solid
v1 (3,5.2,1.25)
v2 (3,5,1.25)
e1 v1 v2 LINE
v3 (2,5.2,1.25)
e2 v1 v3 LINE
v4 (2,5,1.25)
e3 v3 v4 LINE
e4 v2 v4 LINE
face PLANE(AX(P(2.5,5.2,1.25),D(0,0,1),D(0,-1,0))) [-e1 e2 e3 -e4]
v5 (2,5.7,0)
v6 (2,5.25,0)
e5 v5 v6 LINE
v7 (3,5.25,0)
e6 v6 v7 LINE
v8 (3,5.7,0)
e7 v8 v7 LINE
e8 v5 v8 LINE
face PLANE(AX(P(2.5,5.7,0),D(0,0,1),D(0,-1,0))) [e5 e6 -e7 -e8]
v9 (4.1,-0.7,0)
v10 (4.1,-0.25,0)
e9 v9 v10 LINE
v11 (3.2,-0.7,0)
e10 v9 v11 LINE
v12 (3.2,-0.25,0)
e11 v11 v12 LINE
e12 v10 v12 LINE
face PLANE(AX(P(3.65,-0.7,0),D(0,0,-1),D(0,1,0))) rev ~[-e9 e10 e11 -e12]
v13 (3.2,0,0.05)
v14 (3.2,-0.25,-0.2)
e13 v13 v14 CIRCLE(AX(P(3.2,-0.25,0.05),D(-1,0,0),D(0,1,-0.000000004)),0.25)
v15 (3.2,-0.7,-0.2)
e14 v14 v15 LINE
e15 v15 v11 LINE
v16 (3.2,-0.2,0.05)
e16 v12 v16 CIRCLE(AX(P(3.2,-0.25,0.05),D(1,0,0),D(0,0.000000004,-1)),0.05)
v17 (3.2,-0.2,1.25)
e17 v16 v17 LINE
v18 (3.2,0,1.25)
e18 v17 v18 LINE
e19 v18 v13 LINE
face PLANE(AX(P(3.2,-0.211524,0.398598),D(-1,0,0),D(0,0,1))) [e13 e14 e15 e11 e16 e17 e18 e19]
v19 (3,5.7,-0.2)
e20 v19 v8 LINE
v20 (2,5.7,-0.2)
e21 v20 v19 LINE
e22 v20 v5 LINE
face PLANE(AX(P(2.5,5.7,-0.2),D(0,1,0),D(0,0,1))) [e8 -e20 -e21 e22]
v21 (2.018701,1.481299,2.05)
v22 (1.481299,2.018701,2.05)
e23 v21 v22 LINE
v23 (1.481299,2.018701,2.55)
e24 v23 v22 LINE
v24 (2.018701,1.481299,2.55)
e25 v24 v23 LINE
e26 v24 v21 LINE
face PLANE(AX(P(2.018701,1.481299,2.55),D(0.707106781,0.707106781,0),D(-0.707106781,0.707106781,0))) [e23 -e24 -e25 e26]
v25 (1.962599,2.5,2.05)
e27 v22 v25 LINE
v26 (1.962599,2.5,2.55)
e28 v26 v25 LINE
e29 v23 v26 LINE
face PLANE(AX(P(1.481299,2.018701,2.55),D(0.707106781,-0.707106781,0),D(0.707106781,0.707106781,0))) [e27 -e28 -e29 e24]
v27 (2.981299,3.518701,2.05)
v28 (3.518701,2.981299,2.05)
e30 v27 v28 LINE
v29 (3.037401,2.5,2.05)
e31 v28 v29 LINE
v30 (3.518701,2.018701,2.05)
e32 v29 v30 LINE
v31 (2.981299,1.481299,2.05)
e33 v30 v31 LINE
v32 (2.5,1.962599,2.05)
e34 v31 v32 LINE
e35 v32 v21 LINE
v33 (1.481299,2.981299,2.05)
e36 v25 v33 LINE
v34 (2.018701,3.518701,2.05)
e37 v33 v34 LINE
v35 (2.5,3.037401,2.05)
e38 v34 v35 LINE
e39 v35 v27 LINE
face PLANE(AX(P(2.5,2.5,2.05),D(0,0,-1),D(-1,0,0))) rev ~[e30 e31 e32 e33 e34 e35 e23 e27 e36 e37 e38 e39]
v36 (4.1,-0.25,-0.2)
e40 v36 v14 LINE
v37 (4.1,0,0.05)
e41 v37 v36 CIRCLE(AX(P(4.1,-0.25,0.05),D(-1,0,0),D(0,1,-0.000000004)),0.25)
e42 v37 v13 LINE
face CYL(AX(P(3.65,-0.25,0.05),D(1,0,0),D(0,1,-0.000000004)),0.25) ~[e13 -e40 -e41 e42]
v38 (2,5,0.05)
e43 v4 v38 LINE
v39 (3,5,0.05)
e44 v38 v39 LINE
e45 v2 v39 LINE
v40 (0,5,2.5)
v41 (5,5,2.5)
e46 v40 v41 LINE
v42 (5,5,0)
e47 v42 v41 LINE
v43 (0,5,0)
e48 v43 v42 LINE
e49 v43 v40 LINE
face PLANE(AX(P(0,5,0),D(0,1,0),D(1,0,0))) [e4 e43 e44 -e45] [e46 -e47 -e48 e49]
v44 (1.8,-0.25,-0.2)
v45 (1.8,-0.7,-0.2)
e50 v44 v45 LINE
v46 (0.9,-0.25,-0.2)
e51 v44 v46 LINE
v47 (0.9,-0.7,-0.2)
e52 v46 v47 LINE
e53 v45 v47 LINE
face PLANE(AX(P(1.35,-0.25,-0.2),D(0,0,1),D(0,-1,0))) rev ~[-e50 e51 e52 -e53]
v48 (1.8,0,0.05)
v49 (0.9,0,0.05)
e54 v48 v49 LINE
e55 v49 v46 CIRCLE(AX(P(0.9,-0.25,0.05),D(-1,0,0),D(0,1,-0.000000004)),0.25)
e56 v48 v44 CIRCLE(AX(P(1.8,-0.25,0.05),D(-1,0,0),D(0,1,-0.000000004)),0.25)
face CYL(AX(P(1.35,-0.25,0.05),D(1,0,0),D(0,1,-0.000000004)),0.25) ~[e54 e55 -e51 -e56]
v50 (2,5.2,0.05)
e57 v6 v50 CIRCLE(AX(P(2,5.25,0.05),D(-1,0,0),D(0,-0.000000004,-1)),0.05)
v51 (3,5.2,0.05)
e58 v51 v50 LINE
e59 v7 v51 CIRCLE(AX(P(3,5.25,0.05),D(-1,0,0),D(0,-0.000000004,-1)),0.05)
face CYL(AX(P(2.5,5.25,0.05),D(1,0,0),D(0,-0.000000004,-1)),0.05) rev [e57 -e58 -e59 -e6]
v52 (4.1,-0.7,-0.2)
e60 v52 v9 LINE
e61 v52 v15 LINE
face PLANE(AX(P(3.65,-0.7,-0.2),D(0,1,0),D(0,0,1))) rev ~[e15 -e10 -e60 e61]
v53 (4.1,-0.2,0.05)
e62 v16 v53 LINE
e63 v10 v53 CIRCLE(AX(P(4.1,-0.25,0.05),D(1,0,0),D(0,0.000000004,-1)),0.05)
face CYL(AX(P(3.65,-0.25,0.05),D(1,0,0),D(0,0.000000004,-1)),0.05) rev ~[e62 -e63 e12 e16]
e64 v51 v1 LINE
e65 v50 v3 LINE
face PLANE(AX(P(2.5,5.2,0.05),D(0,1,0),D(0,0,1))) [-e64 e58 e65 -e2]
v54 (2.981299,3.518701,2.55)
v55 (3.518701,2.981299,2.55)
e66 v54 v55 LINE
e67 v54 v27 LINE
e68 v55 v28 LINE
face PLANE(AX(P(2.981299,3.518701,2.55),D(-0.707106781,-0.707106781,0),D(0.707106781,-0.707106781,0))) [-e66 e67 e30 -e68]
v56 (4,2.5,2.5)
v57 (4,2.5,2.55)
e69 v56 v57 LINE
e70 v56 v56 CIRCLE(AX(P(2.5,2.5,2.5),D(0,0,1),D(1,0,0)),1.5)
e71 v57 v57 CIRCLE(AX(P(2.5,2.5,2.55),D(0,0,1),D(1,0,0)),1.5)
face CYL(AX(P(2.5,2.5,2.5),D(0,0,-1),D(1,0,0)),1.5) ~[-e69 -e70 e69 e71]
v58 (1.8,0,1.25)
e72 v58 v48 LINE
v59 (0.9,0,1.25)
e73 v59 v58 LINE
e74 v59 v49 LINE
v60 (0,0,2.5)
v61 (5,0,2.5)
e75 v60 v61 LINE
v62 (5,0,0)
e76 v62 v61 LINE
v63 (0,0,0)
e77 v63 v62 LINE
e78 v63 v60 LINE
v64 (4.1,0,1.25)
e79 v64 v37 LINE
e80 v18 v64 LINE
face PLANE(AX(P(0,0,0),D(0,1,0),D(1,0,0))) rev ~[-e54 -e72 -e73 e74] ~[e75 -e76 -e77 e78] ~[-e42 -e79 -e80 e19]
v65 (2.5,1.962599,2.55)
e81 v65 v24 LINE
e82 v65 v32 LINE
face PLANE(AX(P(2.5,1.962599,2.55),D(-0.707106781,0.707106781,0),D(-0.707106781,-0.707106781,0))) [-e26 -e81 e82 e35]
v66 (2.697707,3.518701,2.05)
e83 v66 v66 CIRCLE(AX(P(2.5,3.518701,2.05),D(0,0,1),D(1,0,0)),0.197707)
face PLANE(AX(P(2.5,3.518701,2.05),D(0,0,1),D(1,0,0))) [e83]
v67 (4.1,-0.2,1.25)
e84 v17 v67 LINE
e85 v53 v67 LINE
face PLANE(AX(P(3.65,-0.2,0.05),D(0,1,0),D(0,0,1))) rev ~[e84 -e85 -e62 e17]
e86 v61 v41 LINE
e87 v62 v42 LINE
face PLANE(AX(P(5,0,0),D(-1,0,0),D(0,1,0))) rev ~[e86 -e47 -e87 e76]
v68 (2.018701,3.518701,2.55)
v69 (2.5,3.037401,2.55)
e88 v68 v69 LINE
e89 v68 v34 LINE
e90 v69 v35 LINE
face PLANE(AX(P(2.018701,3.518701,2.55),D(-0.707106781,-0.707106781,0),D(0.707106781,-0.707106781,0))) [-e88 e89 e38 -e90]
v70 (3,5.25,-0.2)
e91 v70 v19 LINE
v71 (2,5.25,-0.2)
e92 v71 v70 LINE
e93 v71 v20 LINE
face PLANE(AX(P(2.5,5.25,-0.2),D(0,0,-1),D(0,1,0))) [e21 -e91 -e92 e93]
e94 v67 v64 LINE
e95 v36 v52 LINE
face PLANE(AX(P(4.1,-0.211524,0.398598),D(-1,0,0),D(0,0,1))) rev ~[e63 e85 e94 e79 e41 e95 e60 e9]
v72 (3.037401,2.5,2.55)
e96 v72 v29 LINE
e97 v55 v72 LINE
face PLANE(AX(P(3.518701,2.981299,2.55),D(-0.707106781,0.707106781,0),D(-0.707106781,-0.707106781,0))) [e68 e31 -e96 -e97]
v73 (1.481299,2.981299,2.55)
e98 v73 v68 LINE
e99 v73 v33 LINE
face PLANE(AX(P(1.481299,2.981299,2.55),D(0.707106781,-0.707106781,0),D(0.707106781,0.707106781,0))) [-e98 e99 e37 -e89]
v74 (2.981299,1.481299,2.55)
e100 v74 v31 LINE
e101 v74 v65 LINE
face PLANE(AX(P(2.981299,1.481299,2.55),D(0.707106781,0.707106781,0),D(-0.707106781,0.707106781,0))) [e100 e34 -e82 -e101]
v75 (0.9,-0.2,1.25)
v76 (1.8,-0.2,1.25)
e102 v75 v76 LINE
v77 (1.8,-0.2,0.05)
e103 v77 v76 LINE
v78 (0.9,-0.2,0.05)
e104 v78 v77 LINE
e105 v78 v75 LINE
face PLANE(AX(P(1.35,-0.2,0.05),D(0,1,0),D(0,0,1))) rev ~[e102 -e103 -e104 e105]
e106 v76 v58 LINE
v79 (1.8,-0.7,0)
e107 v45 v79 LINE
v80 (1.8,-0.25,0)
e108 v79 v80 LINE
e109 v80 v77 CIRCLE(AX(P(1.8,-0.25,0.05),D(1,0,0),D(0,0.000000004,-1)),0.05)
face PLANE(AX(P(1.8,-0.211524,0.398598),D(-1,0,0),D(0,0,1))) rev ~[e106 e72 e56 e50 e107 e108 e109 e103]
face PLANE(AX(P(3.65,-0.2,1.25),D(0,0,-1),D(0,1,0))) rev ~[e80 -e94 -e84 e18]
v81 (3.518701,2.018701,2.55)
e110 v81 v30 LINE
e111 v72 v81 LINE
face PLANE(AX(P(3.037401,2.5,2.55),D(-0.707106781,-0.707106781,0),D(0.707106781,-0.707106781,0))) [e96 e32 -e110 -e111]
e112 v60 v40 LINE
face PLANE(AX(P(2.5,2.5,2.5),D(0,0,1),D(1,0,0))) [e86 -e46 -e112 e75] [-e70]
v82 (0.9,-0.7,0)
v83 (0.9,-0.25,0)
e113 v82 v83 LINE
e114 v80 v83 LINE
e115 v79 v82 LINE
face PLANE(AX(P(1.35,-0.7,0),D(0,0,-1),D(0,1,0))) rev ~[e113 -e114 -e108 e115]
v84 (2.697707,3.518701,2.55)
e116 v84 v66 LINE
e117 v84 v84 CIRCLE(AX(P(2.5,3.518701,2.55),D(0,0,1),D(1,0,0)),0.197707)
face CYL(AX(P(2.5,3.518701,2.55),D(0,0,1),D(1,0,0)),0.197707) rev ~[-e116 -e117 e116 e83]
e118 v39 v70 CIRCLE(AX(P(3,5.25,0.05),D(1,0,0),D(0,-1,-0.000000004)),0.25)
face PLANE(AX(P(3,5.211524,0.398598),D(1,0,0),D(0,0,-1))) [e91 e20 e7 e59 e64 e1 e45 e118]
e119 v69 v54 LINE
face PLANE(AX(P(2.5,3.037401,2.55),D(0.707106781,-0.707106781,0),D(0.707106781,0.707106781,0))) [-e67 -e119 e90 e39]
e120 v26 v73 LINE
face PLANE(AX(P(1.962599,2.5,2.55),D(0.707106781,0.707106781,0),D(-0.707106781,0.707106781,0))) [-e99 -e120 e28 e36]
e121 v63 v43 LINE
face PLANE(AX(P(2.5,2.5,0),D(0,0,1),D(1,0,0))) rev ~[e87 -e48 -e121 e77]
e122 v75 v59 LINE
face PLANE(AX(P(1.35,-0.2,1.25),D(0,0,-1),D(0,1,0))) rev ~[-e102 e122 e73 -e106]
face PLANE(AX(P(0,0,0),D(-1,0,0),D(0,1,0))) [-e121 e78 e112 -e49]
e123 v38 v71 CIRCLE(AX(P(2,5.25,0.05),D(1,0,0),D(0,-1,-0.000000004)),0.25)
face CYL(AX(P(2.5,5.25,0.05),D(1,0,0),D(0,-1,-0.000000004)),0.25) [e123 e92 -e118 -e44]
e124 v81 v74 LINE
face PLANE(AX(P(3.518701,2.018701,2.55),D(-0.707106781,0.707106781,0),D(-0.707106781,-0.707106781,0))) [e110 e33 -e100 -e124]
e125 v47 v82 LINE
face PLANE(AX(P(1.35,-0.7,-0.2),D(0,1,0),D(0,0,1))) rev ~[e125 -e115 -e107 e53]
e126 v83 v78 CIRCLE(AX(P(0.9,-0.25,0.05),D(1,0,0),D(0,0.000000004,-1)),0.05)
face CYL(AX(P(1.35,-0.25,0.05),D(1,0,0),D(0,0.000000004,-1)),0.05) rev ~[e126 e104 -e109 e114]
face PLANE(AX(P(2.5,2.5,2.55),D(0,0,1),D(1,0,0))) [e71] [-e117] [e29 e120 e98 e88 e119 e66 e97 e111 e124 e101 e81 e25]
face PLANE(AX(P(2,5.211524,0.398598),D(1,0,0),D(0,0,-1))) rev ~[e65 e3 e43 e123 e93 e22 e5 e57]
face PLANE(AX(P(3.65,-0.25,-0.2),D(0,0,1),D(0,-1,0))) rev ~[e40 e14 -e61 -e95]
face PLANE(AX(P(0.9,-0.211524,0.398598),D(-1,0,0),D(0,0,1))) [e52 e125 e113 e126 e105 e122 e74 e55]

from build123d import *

# Parameters (mm, degrees)
SKETCH1_W           = 5
SKETCH1_H           = 5
BOSS_EXTRUDE1_DEPTH = 2.5
EXTRUDE_THIN1_DEPTH = 0.5
EXTRUDE_THIN2_DEPTH = 0.45
LPATTERN1_COUNT     = 2
LPATTERN1_PITCH     = 2.3
SKETCH4_R           = 1.5
BOSS_EXTRUDE2_DEPTH = 0.05
SKETCH5_R           = 0.197706898
CUT_EXTRUDE2_DEPTH  = 0.5


with BuildPart() as part:
    # Sketch1 → Boss-Extrude1 (new body)
    with BuildSketch(Plane.XY):
        with Locations((2.5, 2.5)):
            Rectangle(SKETCH1_W, SKETCH1_H)
    extrude(amount=BOSS_EXTRUDE1_DEPTH)

    # Sketch2 → Extrude-Thin1 (add, symmetric)
    with BuildSketch(Plane(origin=(2.5, 0, 0), x_dir=(0, 0, -1), z_dir=(1, 0, 0))):
        with BuildLine():
            Line((-1.25, 5), (-0.05, 5))
            ThreePointArc((-0.05, 5), (0.126776695, 5.073223305), (0.2, 5.25))
            Line((0.2, 5.25), (0.2, 5.7))
            Line((0.2, 5.7), (0, 5.7))
            Line((0, 5.7), (0, 5.25))
            ThreePointArc((0, 5.25), (-0.014644661, 5.214644661), (-0.05, 5.2))
            Line((-0.05, 5.2), (-1.25, 5.2))
            Line((-1.25, 5.2), (-1.25, 5))
        make_face()
    extrude(amount=EXTRUDE_THIN1_DEPTH, both=True)

    # Sketch3 → Extrude-Thin2 (add, symmetric)
    with BuildSketch(Plane(origin=(1.35, 0, 0), x_dir=(0, 0, -1), z_dir=(1, 0, 0))):
        with BuildLine():
            Line((-1.25, 0), (-0.05, 0))
            ThreePointArc((-0.05, 0), (0.126776695, -0.073223305), (0.2, -0.25))
            Line((0.2, -0.25), (0.2, -0.7))
            Line((0.2, -0.7), (0, -0.7))
            Line((0, -0.7), (0, -0.25))
            ThreePointArc((0, -0.25), (-0.014644661, -0.214644661), (-0.05, -0.2))
            Line((-0.05, -0.2), (-1.25, -0.2))
            Line((-1.25, -0.2), (-1.25, 0))
        make_face()
    extrude_thin2 = extrude(amount=EXTRUDE_THIN2_DEPTH, both=True)

    # LPattern1: Extrude-Thin2 ×2
    with Locations(*[(i * LPATTERN1_PITCH, 0, 0) for i in range(1, LPATTERN1_COUNT)]):
        add(extrude_thin2)

    # Sketch4 → Boss-Extrude2 (add)
    with BuildSketch(Plane.XY.offset(2.5)):
        with Locations((2.5, 2.5)):
            Circle(SKETCH4_R)
    extrude(amount=BOSS_EXTRUDE2_DEPTH)

    # Sketch5 → Cut-Extrude2 (cut)
    with BuildSketch(Plane.XY.offset(2.55)):
        with Locations((2.5, 3.518700577)):
            Circle(SKETCH5_R)
        Polygon((2.018700577, 3.518700577), (2.5, 3.037401154), (2.981299423, 3.518700577), (3.518700577, 2.981299423), (3.037401154, 2.5), (3.518700577, 2.018700577), (2.981299423, 1.481299423), (2.5, 1.962598846), (2.018700577, 1.481299423), (1.481299423, 2.018700577), (1.962598846, 2.5), (1.481299423, 2.981299423), align=None)
    extrude(amount=-CUT_EXTRUDE2_DEPTH, mode=Mode.SUBTRACT)


solid = part.part
